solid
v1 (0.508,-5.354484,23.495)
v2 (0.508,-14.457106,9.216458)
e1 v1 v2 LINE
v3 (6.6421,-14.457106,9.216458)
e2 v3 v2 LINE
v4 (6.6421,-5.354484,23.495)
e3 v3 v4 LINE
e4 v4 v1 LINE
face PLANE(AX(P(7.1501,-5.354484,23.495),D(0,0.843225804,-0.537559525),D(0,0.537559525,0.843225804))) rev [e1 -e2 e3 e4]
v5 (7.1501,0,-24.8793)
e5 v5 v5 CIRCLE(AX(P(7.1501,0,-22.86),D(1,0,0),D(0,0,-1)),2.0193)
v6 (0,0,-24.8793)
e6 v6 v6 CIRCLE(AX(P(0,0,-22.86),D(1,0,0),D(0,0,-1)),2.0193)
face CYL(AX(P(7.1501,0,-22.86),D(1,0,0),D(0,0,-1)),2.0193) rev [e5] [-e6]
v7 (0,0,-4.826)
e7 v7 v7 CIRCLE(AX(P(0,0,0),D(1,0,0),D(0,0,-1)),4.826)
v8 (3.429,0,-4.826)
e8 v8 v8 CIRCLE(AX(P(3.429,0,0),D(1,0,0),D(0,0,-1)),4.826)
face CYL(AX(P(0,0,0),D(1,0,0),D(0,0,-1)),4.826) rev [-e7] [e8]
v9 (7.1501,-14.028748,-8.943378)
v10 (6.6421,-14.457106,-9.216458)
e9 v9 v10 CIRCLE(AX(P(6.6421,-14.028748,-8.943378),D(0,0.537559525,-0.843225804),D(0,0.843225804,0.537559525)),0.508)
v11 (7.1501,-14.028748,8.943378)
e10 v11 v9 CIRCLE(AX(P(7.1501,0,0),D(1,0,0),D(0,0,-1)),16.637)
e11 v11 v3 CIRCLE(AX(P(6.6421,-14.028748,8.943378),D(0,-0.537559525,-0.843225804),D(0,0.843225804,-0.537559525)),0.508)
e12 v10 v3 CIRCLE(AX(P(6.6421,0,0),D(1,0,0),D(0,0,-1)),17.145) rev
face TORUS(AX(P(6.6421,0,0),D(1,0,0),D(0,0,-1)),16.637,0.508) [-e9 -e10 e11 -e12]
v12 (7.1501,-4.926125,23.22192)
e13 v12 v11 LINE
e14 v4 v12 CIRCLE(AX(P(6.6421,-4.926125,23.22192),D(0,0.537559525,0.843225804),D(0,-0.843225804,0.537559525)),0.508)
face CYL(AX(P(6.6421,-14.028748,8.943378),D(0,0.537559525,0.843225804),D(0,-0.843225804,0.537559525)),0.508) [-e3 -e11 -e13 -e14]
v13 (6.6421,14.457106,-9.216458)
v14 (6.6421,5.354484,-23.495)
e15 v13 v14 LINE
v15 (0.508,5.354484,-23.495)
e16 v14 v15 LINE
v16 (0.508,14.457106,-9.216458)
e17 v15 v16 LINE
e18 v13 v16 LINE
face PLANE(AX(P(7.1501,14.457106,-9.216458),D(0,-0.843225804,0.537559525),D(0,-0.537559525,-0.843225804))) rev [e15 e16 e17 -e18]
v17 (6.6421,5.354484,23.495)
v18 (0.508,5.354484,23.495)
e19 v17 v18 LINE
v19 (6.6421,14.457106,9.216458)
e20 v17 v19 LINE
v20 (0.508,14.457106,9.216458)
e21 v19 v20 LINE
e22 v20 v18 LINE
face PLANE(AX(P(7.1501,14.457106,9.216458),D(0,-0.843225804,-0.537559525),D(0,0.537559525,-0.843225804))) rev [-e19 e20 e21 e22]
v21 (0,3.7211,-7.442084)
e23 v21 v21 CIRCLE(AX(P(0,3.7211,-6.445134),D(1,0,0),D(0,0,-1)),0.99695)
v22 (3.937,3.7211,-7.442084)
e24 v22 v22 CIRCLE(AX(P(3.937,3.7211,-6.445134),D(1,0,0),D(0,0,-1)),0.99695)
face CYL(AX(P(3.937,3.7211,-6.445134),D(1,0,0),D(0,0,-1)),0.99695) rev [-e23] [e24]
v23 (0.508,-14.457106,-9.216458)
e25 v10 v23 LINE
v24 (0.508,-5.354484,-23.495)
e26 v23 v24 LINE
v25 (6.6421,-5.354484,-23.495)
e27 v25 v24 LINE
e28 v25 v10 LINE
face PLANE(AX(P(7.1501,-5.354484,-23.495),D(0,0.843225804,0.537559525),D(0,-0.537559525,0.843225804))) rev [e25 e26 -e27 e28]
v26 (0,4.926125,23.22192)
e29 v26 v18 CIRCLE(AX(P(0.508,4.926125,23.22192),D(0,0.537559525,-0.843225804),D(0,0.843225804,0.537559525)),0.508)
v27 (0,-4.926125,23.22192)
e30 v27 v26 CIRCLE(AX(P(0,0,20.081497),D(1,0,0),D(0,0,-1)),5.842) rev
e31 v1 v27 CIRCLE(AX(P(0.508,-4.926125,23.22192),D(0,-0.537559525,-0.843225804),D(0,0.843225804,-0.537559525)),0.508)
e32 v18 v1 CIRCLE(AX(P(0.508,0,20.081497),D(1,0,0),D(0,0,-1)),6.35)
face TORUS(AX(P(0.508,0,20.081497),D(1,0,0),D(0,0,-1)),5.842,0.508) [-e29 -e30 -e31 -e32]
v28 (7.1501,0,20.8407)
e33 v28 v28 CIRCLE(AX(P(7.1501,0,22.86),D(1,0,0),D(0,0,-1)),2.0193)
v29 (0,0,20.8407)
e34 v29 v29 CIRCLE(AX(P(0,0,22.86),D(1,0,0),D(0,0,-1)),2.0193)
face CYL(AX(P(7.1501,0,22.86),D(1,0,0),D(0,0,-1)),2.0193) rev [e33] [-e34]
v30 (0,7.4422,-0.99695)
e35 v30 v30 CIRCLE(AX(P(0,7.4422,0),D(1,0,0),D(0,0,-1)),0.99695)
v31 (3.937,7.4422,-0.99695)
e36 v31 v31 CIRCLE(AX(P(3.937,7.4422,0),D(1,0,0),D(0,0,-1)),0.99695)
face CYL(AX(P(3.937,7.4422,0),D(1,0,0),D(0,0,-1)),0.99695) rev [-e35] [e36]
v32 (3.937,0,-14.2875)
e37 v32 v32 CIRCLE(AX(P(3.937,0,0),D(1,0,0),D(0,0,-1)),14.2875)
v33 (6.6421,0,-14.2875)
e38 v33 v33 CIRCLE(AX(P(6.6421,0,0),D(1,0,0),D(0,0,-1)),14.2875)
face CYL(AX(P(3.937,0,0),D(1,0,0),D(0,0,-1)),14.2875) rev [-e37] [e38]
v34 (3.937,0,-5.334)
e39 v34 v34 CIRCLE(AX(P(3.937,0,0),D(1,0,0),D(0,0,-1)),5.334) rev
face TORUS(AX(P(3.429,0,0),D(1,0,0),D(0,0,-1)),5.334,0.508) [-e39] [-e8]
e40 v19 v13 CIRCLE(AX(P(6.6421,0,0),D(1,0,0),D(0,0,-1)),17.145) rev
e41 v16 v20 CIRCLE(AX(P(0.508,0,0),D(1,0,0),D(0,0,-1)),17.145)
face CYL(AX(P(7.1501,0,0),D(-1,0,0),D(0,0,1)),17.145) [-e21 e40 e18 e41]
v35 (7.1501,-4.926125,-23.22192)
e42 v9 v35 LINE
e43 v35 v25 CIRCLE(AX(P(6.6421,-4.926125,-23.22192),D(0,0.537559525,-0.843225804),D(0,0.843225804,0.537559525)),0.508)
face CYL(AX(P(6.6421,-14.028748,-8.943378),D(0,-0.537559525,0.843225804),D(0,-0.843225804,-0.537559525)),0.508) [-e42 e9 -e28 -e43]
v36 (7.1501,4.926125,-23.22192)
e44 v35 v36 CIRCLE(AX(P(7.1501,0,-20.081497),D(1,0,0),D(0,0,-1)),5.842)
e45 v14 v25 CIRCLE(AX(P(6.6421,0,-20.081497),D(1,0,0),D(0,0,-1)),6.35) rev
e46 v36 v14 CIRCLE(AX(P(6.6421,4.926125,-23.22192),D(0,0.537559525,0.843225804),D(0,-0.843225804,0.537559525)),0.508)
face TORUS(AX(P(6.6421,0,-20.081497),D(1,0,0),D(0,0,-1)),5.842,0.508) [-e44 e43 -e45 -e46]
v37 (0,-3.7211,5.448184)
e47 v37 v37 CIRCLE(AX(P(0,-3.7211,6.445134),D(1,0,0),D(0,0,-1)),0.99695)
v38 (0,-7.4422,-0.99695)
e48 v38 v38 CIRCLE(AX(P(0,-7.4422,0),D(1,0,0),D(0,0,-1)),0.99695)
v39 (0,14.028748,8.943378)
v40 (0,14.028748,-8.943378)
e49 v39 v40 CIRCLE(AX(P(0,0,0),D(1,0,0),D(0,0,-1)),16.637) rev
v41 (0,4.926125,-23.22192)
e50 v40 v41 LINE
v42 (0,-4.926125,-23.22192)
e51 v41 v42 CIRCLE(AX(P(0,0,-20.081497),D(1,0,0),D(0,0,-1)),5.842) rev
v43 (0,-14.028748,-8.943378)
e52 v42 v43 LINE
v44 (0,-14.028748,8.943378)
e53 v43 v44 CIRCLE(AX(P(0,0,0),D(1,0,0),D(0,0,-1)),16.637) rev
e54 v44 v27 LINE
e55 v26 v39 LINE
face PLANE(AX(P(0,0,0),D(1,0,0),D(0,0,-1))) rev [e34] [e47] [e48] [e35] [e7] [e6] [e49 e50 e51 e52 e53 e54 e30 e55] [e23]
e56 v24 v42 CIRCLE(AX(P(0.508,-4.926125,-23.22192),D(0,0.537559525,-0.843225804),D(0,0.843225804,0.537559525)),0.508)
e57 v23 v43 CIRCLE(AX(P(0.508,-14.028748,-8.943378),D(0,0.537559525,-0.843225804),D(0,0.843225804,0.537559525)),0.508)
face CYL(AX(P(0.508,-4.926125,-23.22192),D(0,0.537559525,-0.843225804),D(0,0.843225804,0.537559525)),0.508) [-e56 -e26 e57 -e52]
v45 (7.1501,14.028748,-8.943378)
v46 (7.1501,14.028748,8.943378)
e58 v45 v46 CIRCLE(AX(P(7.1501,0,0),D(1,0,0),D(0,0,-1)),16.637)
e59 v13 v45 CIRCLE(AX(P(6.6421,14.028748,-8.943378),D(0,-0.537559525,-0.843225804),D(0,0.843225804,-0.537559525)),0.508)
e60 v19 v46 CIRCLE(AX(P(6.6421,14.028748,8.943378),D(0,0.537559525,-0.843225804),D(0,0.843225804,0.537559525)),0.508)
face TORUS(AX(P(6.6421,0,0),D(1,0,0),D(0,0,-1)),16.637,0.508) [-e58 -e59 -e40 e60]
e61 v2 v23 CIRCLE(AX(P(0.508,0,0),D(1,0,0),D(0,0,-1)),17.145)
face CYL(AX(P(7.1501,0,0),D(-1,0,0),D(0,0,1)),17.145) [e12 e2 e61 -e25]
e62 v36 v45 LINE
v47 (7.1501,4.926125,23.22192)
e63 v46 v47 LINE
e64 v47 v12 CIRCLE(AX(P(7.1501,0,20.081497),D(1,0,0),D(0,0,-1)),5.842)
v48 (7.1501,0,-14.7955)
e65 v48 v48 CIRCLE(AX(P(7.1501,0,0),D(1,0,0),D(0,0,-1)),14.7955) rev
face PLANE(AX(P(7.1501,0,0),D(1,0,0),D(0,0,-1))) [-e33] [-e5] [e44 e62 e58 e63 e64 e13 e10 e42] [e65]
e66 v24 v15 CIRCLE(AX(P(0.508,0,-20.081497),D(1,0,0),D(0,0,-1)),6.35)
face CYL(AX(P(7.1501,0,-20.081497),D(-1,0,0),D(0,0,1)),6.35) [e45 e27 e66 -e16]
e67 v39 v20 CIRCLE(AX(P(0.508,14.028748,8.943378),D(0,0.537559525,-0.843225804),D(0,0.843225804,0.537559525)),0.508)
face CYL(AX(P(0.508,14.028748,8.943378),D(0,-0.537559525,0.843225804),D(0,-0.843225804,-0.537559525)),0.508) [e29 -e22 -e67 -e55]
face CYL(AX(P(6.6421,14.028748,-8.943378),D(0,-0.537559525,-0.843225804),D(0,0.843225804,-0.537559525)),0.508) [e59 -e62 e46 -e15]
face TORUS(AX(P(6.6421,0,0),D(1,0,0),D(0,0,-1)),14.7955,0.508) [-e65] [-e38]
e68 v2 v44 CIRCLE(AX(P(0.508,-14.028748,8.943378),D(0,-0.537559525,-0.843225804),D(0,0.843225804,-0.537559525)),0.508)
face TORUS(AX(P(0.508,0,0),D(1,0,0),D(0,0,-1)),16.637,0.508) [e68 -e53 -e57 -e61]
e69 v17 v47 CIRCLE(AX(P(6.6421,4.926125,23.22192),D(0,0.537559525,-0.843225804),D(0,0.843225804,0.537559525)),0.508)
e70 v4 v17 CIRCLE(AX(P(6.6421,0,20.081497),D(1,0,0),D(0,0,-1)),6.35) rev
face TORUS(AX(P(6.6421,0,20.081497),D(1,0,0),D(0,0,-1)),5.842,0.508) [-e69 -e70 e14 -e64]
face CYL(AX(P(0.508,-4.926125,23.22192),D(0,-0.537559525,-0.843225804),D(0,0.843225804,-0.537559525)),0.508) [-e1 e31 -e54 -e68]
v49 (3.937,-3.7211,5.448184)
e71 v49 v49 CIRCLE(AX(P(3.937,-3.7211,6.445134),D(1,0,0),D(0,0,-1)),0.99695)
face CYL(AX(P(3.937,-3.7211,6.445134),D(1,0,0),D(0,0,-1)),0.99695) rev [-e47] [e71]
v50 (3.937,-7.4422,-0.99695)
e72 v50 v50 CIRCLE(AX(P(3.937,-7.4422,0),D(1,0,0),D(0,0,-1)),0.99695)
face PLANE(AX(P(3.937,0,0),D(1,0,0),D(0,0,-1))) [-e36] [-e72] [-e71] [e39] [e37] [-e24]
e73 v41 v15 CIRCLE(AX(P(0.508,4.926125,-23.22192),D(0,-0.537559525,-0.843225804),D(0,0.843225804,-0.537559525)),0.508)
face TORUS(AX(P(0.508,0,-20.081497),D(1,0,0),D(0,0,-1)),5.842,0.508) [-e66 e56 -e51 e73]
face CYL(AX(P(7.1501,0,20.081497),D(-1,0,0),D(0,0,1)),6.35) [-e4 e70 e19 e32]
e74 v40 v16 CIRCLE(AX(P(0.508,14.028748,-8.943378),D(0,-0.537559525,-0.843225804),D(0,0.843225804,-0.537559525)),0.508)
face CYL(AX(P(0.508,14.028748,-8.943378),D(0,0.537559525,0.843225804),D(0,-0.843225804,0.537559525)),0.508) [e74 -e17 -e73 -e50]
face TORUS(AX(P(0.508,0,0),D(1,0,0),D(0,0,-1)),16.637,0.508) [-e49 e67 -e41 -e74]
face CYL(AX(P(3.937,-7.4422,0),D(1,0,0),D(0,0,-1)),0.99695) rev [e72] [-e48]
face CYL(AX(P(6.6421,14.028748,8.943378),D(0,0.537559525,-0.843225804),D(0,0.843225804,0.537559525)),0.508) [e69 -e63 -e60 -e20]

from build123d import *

# Parameters (mm, degrees)
BOSS_EXTRUDE3_DEPTH        = 7.1501
SKETCH5_R                  = 4.826
CUT_EXTRUDE4_DEPTH         = 33.306330486
SKETCH6_R                  = 14.2875
CUT_EXTRUDE5_DEPTH         = 3.2131
TAP_DRILL_FOR_3_48_TAP2_D  = 1.9939
TAP_DRILL_FOR_10_32_TAP3_D = 4.0386
FILLET3_R                  = 0.508
FILLET4_R                  = 0.508
FILLET5_R                  = 0.508
FILLET6_R                  = 0.508


with BuildPart() as part:
    # Sketch1 → Boss-Extrude3 (new body)
    with BuildSketch(Plane(origin=(0, 0, 0), x_dir=(0, 0, -1), z_dir=(1, 0, 0))):
        with BuildLine():
            Line((9.216458059, 14.457106413), (23.495, 5.354483857))
            ThreePointArc((23.495, 5.354483857), (26.431497015, 0), (23.495, -5.354483857))
            Line((23.495, -5.354483857), (9.216458059, -14.457106413))
            ThreePointArc((9.216458059, -14.457106413), (0, -17.145), (-9.216458059, -14.457106413))
            Line((-9.216458059, -14.457106413), (-23.495, -5.354483857))
            ThreePointArc((-23.495, -5.354483857), (-26.431497015, 0), (-23.495, 5.354483857))
            Line((-23.495, 5.354483857), (-9.216458059, 14.457106413))
            ThreePointArc((-9.216458059, 14.457106413), (0, 17.145), (9.216458059, 14.457106413))
        make_face()
    extrude(amount=BOSS_EXTRUDE3_DEPTH)

    # Sketch5 → Cut-Extrude4 (cut, through all)
    with BuildSketch(Plane(origin=(7.1501, 0, 0), x_dir=(0, 0, -1), z_dir=(1, 0, 0))):
        Circle(SKETCH5_R)
    extrude(amount=-CUT_EXTRUDE4_DEPTH, mode=Mode.SUBTRACT)

    # Sketch6 → Cut-Extrude5 (cut)
    with BuildSketch(Plane(origin=(7.1501, 0, 0), x_dir=(0, 0, -1), z_dir=(1, 0, 0))):
        Circle(SKETCH6_R)
    extrude(amount=-CUT_EXTRUDE5_DEPTH, mode=Mode.SUBTRACT)

    # Tap Drill for #3-48 Tap2 (through all)
    with Locations(Plane(origin=(3.937, 0, 0), x_dir=(0, 0, -1), z_dir=(1, 0, 0))):
        with Locations((0, 7.4422), (0, -7.4422), (6.44513426, 3.7211), (-6.44513426, -3.7211)):
            Hole(TAP_DRILL_FOR_3_48_TAP2_D / 2)

    # Tap Drill for #10-32 Tap3 (through all)
    with Locations(Plane(origin=(7.1501, 0, 0), x_dir=(0, 0, -1), z_dir=(1, 0, 0))):
        with Locations((-22.86, 0), (22.86, 0)):
            Hole(TAP_DRILL_FOR_10_32_TAP3_D / 2)

    # Fillet3
    fillet3_edges = [part.edges().sort_by_distance(p)[0] for p in [
        (7.1501, 0, 14.2875),
    ]]
    fillet(fillet3_edges, radius=FILLET3_R)

    # Fillet4
    fillet4_edges = [part.edges().sort_by_distance(p)[0] for p in [
        (3.937, 0, 4.826),
    ]]
    fillet(fillet4_edges, radius=FILLET4_R)

    # Fillet5
    fillet5_edges = [part.edges().sort_by_distance(p)[0] for p in [
        (7.1501, 0, 26.431497015),
        (7.1501, -9.905795135, 16.355729029),
        (7.1501, -17.145, 0),
        (7.1501, -9.905795135, -16.355729029),
        (7.1501, 0, -26.431497015),
        (7.1501, 9.905795135, -16.355729029),
        (7.1501, 17.145, 0),
        (7.1501, 9.905795135, 16.355729029),
    ]]
    fillet(fillet5_edges, radius=FILLET5_R)

    # Fillet6
    fillet6_edges = [part.edges().sort_by_distance(p)[0] for p in [
        (0, 9.905795135, 16.355729029),
        (0, 17.145, 0),
        (0, 9.905795135, -16.355729029),
        (0, 0, -26.431497015),
        (0, -9.905795135, -16.355729029),
        (0, -17.145, 0),
        (0, -9.905795135, 16.355729029),
        (0, 0, 26.431497015),
    ]]
    fillet(fillet6_edges, radius=FILLET6_R)


solid = part.part
